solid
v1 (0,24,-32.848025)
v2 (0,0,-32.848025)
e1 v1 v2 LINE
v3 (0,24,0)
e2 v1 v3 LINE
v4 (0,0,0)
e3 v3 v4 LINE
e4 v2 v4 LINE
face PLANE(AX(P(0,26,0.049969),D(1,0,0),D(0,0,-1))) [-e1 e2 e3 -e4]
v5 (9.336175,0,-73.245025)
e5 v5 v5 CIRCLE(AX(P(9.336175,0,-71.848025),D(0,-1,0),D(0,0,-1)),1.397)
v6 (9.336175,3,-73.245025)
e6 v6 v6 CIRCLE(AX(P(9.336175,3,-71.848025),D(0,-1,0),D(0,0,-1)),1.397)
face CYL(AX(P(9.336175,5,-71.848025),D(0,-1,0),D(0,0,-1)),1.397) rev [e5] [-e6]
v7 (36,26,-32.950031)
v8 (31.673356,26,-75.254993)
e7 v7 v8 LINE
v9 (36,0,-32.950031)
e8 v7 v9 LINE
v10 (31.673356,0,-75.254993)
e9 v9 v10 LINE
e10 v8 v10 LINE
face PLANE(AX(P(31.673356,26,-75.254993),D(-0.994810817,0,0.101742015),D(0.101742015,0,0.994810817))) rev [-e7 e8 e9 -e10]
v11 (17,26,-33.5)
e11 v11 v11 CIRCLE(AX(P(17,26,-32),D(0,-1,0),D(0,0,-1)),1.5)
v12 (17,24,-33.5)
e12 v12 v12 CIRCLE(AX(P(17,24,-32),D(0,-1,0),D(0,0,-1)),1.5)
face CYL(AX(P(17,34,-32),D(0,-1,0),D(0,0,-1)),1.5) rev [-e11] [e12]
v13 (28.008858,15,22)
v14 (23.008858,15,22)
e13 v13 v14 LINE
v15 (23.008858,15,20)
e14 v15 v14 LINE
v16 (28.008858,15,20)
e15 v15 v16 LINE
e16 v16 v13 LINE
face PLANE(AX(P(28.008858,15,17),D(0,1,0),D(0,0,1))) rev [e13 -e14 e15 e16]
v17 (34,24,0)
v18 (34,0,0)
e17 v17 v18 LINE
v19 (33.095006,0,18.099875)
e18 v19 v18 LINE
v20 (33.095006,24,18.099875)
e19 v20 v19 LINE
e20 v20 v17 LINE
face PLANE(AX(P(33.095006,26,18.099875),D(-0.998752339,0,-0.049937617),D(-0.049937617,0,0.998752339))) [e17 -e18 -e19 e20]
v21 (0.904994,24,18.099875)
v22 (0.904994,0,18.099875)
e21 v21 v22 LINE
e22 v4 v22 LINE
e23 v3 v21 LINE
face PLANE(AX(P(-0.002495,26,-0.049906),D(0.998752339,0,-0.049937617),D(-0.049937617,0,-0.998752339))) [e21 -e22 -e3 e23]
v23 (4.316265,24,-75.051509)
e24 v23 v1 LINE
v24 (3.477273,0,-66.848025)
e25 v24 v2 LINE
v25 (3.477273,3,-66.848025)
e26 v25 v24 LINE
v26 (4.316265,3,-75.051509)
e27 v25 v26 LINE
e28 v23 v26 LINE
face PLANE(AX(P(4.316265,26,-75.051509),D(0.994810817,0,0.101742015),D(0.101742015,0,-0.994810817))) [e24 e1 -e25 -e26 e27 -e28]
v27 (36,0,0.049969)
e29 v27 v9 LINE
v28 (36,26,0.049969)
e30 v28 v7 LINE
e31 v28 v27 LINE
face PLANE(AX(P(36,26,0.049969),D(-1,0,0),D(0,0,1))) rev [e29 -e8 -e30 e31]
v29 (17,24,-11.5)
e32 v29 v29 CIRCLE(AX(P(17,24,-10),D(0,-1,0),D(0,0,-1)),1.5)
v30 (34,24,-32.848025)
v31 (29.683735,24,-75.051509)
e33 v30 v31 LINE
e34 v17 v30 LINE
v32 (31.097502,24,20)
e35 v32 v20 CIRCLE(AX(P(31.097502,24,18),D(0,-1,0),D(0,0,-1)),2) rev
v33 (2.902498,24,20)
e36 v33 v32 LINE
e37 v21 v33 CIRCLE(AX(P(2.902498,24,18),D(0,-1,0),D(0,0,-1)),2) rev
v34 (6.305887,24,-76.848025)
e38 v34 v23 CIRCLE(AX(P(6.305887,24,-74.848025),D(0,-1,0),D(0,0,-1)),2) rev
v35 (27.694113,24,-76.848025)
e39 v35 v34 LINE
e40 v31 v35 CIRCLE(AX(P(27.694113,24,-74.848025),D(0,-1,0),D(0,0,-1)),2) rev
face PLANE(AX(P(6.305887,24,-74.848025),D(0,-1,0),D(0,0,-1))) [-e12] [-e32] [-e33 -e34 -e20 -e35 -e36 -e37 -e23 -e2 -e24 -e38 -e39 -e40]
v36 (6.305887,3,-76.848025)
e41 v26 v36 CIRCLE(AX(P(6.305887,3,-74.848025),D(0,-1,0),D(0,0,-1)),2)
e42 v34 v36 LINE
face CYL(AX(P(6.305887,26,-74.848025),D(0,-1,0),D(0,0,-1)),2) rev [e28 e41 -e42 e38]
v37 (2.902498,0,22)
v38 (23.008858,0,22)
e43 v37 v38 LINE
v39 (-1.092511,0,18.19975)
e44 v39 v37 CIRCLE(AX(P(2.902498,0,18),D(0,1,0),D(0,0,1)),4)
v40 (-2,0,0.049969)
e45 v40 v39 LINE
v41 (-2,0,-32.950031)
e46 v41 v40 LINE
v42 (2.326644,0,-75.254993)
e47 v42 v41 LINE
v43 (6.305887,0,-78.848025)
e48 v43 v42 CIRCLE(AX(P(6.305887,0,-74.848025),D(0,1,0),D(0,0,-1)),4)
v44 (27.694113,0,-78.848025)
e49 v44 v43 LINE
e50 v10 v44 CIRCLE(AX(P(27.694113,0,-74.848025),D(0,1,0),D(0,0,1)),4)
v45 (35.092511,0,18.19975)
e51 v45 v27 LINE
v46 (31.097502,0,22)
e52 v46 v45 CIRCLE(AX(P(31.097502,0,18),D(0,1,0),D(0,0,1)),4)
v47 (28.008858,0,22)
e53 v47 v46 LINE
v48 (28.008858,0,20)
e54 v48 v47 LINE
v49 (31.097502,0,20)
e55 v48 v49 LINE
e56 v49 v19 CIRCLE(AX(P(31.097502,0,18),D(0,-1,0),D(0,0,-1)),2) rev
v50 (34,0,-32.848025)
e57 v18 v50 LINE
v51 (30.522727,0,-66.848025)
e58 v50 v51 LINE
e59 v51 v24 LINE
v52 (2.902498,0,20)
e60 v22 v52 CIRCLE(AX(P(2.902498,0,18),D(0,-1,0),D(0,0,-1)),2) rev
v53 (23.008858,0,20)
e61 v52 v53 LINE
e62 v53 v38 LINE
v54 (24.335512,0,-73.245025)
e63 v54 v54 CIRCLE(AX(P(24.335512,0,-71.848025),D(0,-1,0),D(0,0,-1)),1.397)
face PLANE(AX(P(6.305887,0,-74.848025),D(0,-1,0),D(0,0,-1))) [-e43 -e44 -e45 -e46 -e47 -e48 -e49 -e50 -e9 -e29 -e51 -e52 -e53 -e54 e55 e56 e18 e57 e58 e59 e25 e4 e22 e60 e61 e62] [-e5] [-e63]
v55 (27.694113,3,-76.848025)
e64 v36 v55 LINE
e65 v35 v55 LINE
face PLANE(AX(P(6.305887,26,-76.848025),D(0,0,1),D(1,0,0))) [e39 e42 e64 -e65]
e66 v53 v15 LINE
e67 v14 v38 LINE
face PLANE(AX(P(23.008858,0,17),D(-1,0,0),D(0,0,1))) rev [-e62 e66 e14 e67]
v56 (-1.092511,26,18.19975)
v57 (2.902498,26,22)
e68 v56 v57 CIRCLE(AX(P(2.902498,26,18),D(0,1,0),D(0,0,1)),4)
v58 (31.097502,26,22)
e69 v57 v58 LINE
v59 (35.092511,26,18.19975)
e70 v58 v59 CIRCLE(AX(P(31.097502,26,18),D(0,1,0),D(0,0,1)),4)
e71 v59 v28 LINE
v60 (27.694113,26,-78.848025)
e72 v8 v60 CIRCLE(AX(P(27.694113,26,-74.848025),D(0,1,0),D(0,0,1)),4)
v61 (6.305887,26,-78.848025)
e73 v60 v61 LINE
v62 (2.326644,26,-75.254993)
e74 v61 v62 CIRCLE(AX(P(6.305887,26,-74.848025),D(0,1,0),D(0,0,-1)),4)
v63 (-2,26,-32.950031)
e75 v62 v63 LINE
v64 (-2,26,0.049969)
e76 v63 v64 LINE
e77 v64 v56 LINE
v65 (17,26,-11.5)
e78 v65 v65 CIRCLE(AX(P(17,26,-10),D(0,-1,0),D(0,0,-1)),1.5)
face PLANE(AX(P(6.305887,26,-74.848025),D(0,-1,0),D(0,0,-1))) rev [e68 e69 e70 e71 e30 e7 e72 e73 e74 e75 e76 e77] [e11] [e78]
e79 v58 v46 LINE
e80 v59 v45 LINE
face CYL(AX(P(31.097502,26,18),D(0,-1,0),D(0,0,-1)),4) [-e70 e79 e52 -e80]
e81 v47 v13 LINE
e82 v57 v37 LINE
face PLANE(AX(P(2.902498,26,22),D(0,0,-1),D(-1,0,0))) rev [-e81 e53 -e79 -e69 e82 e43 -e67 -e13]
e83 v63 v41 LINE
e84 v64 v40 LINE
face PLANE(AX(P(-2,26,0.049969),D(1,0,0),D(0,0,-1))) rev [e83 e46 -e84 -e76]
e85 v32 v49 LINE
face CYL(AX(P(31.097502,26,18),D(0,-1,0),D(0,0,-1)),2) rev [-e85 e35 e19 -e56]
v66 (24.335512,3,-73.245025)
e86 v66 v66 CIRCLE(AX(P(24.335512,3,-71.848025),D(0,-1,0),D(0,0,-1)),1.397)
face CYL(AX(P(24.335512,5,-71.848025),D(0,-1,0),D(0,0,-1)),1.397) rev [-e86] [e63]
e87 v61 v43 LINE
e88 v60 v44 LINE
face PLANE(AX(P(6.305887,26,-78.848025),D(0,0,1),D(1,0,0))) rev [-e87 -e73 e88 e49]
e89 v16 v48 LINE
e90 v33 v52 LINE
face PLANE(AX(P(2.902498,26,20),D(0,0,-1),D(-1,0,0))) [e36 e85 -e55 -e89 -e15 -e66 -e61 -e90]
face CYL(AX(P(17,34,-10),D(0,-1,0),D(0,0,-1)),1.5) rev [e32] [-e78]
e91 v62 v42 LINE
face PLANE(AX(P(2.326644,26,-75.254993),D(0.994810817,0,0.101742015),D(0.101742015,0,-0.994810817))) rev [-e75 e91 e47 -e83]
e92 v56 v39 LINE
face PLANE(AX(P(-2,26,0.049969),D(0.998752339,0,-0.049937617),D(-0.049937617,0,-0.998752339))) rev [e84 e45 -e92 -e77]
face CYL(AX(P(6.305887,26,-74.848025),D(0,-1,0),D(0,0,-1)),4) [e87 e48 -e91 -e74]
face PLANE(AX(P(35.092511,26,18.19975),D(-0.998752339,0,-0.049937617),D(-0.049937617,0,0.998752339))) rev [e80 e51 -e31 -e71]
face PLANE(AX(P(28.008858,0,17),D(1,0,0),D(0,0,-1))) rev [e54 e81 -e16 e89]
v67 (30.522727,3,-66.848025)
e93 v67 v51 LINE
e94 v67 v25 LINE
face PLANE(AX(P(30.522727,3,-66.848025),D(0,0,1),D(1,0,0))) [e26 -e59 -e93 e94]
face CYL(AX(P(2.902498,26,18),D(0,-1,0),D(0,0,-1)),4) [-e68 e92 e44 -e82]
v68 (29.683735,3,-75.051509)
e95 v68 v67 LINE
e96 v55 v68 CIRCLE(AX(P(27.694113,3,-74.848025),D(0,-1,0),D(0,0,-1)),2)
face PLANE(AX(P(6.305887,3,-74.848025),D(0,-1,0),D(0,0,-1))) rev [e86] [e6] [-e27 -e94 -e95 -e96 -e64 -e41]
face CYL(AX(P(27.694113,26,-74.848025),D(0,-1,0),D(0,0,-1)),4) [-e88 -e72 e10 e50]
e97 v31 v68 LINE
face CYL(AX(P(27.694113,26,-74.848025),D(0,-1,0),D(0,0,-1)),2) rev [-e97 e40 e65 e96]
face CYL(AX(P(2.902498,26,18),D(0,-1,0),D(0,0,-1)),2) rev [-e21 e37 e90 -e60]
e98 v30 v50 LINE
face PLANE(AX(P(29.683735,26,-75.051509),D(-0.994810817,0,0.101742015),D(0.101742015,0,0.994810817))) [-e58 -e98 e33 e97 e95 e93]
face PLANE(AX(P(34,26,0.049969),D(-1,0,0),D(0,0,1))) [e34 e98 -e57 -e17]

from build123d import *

# Parameters (mm, degrees)
BOSS_EXTRUDE1_DEPTH = 26
SHELL1_T            = -2
SKETCH3_W           = 5
SKETCH3_H           = 15
CUT_EXTRUDE1_DEPTH  = 5
SKETCH4_R           = 1.5
CUT_EXTRUDE2_DEPTH  = 10
BOSS_EXTRUDE2_DEPTH = 3
SKETCH7_R           = 1.397
CUT_EXTRUDE3_DEPTH  = 5
SKETCH8_R           = 1.397
CUT_EXTRUDE4_DEPTH  = 5


with BuildPart() as part:
    # Sketch1 → Boss-Extrude1 (new body)
    with BuildSketch(Plane(origin=(0, 0, 0), x_dir=(1, 0, 0), z_dir=(0, 1, 0))):
        with BuildLine():
            Line((6.305887047, 78.84802453), (27.694112953, 78.84802453))
            ThreePointArc((27.694112953, 78.84802453), (30.374796425, 77.816851929), (31.673356222, 75.254992592))
            Line((31.673356222, 75.254992592), (36, 32.950031211))
            Line((36, 32.950031211), (36, -0.049968789))
            Line((36, -0.049968789), (35.092510916, -18.199750468))
            ThreePointArc((35.092510916, -18.199750468), (33.854401824, -20.898189251), (31.097501561, -22))
            Line((31.097501561, -22), (2.902498439, -22))
            ThreePointArc((2.902498439, -22), (0.145598176, -20.898189251), (-1.092510916, -18.199750468))
            Line((-1.092510916, -18.199750468), (-2, -0.049968789))
            Line((-2, -0.049968789), (-2, 32.950031211))
            Line((-2, 32.950031211), (2.326643778, 75.254992592))
            ThreePointArc((2.326643778, 75.254992592), (3.625203575, 77.816851929), (6.305887047, 78.84802453))
        make_face()
    extrude(amount=BOSS_EXTRUDE1_DEPTH)

    # Shell1
    shell1_openings = [part.faces().sort_by_distance(p)[0] for p in [
        (17, 0, -26.610641327),
    ]]
    offset(amount=SHELL1_T, openings=shell1_openings, kind=Kind.INTERSECTION)

    # Sketch3 → Cut-Extrude1 (cut)
    with BuildSketch(Plane.XY.offset(22)):
        with Locations((25.508858148, 7.5)):
            Rectangle(SKETCH3_W, SKETCH3_H)
    extrude(amount=-CUT_EXTRUDE1_DEPTH, mode=Mode.SUBTRACT)

    # Sketch4 → Cut-Extrude2 (cut)
    with BuildSketch(Plane.XZ.offset(-24)):
        with Locations(Location((17, -10, 0), (0, 0, 270))):
            Circle(SKETCH4_R)
        with Locations(Location((17, -32, 0), (0, 0, 270))):
            Circle(SKETCH4_R)
    extrude(amount=-CUT_EXTRUDE2_DEPTH, mode=Mode.SUBTRACT)

    # Sketch5 → Boss-Extrude2 (add)
    with BuildSketch(Plane.XZ):
        with BuildLine():
            Line((30.522727273, -66.84802453), (3.477272727, -66.84802453))
            Line((3.477272727, -66.84802453), (4.316265412, -75.051508561))
            ThreePointArc((4.316265412, -75.051508561), (4.965545311, -76.332438229), (6.305887047, -76.84802453))
            Line((6.305887047, -76.84802453), (27.694112953, -76.84802453))
            ThreePointArc((27.694112953, -76.84802453), (29.034454689, -76.332438229), (29.683734588, -75.051508561))
            Line((29.683734588, -75.051508561), (30.522727273, -66.84802453))
        make_face()
    extrude(amount=-BOSS_EXTRUDE2_DEPTH)

    # Sketch7 → Cut-Extrude3 (cut)
    with BuildSketch(Plane.XZ):
        with Locations(Location((24.335511696, -71.84802453, 0), (0, 0, 270))):
            Circle(SKETCH7_R)
    extrude(amount=-CUT_EXTRUDE3_DEPTH, mode=Mode.SUBTRACT)

    # Sketch8 → Cut-Extrude4 (cut)
    with BuildSketch(Plane.XZ):
        with Locations(Location((9.336175071, -71.84802453, 0), (0, 0, 270))):
            Circle(SKETCH8_R)
    extrude(amount=-CUT_EXTRUDE4_DEPTH, mode=Mode.SUBTRACT)


solid = part.part
